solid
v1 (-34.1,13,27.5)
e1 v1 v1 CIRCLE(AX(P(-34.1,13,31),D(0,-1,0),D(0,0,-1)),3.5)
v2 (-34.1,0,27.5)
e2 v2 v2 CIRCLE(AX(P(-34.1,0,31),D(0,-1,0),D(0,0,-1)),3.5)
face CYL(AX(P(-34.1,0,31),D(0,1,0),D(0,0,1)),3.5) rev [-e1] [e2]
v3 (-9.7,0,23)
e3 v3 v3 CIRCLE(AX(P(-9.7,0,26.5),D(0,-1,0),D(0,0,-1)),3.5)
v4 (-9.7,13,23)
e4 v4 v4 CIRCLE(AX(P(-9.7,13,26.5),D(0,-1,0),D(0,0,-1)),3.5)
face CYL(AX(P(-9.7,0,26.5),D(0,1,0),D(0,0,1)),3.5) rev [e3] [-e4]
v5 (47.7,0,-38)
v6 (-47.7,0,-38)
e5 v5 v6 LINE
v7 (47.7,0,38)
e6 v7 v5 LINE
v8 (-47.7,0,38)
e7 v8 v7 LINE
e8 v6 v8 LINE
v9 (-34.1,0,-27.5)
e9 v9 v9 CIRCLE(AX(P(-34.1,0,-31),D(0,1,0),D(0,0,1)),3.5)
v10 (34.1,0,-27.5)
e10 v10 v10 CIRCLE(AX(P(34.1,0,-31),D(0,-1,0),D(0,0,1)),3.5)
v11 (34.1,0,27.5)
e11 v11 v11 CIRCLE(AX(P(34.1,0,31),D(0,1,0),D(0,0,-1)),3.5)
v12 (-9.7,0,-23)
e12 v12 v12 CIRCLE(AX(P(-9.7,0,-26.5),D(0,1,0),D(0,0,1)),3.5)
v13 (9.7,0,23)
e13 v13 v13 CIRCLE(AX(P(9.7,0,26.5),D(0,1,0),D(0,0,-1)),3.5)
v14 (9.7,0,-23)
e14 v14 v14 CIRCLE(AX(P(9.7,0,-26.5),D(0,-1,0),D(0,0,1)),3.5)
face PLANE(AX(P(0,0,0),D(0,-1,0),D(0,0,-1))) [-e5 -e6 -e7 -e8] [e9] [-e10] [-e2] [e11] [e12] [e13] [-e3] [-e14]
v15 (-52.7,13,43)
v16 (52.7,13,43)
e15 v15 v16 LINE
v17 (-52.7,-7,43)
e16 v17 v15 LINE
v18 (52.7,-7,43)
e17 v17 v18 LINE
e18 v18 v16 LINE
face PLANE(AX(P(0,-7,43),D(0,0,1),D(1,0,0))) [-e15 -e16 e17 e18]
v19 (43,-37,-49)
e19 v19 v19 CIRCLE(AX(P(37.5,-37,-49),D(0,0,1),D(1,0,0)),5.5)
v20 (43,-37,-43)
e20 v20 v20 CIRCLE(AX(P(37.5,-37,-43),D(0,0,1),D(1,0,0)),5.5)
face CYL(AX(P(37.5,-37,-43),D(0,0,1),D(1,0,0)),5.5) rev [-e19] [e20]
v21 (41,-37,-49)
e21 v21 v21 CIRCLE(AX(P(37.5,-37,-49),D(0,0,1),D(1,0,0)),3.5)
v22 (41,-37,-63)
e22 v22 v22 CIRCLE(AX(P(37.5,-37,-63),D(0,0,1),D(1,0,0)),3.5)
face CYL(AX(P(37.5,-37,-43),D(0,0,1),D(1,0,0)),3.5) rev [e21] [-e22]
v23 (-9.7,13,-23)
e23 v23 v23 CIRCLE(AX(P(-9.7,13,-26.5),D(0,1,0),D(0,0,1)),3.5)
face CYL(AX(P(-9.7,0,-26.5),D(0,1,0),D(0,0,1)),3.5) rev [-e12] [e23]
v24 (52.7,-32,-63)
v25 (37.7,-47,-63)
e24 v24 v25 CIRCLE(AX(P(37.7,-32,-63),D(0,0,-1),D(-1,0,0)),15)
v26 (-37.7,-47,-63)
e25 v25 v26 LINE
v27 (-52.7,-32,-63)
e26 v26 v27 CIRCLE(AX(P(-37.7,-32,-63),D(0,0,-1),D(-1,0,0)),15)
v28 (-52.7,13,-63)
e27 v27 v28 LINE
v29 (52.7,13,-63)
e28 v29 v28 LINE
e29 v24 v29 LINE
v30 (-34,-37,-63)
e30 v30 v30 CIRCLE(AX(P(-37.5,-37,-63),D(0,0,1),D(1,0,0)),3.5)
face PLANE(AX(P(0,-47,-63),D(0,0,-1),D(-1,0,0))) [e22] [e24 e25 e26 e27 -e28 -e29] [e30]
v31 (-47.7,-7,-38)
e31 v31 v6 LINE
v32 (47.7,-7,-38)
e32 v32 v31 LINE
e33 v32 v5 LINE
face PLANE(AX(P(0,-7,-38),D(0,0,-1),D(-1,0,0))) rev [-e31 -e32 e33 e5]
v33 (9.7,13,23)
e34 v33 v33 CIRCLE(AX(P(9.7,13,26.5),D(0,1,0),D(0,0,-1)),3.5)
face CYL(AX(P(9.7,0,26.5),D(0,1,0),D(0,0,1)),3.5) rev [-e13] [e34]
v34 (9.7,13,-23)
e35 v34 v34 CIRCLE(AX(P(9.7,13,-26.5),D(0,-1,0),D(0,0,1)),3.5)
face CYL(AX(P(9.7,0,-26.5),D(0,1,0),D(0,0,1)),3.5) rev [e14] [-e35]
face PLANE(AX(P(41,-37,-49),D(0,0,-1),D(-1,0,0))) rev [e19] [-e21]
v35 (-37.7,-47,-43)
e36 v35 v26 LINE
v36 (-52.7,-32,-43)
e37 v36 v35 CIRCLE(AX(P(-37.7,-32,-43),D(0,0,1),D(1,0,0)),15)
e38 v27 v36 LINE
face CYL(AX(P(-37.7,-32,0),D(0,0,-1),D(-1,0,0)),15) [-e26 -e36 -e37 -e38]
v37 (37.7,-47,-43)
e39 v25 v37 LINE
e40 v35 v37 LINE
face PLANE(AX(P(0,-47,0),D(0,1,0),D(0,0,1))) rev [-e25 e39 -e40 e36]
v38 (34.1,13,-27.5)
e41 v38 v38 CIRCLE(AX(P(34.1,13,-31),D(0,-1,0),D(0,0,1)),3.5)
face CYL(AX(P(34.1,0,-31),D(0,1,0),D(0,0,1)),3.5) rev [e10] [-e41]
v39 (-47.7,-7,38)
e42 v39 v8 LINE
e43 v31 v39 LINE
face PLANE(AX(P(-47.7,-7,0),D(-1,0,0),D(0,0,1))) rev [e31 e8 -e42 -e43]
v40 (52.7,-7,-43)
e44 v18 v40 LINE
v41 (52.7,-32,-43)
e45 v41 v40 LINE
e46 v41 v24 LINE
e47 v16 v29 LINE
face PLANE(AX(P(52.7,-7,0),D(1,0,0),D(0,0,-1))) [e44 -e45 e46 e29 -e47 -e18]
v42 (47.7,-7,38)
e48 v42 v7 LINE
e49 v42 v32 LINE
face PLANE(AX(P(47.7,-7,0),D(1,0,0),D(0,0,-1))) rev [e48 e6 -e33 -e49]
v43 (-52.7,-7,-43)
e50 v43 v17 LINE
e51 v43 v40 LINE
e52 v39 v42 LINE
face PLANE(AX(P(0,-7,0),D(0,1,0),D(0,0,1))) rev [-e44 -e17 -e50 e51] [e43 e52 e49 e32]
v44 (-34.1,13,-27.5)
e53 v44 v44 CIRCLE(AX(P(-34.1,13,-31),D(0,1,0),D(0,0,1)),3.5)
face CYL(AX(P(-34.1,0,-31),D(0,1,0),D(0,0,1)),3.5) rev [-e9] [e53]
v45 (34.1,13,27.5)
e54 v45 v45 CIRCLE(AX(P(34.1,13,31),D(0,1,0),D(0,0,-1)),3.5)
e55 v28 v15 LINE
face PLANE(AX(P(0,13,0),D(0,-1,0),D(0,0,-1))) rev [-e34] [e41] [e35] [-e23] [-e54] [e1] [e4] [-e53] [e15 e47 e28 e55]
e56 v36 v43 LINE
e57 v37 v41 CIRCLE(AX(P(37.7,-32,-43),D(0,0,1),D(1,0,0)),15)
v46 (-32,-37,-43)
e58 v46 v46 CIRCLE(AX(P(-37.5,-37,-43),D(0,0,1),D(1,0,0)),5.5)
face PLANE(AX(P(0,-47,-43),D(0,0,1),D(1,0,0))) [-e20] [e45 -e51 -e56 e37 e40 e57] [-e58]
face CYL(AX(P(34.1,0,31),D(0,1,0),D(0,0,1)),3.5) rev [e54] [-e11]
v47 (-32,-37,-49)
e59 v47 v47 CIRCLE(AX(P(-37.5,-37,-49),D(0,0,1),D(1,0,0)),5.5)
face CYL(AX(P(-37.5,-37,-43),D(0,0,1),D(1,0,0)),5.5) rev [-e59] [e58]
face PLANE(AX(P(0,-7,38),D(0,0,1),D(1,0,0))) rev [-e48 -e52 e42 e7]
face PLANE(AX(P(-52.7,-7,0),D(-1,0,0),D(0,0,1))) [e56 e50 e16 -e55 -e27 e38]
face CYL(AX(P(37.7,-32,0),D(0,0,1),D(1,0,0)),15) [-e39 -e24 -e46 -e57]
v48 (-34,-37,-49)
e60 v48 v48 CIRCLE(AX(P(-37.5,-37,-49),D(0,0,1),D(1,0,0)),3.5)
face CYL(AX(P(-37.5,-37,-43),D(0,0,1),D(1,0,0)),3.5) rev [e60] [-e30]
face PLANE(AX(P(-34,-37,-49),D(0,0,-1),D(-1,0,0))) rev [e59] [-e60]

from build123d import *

# Parameters (mm, degrees)
SKETCH1_W                                  = 95.4
SKETCH1_H                                  = 76
BOSS_EXTRUDE1_DEPTH                        = 13
SKETCH2_R                                  = 3.5
CUT_EXTRUDE1_DEPTH                         = 14
MIRROR1_AT_THE_SECOND_PLANE_COPY_1_SKETC_R = 3.5
MIRROR1_AT_THE_SECOND_PLANE_COPY_1_DEPTH   = 14
SKETCH3_W                                  = 105.4
SKETCH3_H                                  = 86
SKETCH3_W_2                                = 95.4
SKETCH3_H_2                                = 76
BOSS_EXTRUDE2_DEPTH                        = 20
SKETCH3_4_W                                = 105.4
SKETCH3_4_H                                = 20
BOSS_EXTRUDE3_DEPTH                        = 60
CBORE_FOR_M6_SHCS1_D                       = 7
CBORE_FOR_M6_SHCS1_CBORE_D                 = 11
CBORE_FOR_M6_SHCS1_CBORE_DEPTH             = 6
FILLET1_R                                  = 15


with BuildPart() as part:
    # Sketch1 → Boss-Extrude1 (new body)
    with BuildSketch(Plane(origin=(0, 0, 0), x_dir=(1, 0, 0), z_dir=(0, 1, 0))):
        Rectangle(SKETCH1_W, SKETCH1_H)
    extrude(amount=BOSS_EXTRUDE1_DEPTH)

    # Sketch2 → Cut-Extrude1 (cut, through all)
    with BuildSketch(Plane(origin=(0, 13, 0), x_dir=(1, 0, 0), z_dir=(0, 1, 0))):
        with Locations((-34.1, 31)):
            Circle(SKETCH2_R)
        with Locations((-9.7, 26.5)):
            Circle(SKETCH2_R)
    cut_extrude1 = extrude(amount=-CUT_EXTRUDE1_DEPTH, mode=Mode.SUBTRACT)

    # Mirror1: Cut-Extrude1 across plane
    add(cut_extrude1.mirror(Plane(origin=(0, 0, 0), x_dir=(0, 0, 1), z_dir=(1, 0, 0))), mode=Mode.SUBTRACT)

    # Mirror1 at the second plane: Cut-Extrude1 across plane
    add(cut_extrude1.mirror(Plane.XY), mode=Mode.SUBTRACT)

    # Mirror1 at the second plane copy 1 sketc → Mirror1 at the second plane copy 1 (cut, through all)
    with BuildSketch(Plane(origin=(0, 13, 0), x_dir=(-1, 0, 0), z_dir=(0, 1, 0))):
        with Locations((-34.1, 31)):
            Circle(MIRROR1_AT_THE_SECOND_PLANE_COPY_1_SKETC_R)
        with Locations((-9.7, 26.5)):
            Circle(MIRROR1_AT_THE_SECOND_PLANE_COPY_1_SKETC_R)
    extrude(amount=-MIRROR1_AT_THE_SECOND_PLANE_COPY_1_DEPTH, mode=Mode.SUBTRACT)

    # Sketch3 → Boss-Extrude2 (add)
    with BuildSketch(Plane(origin=(0, 13, 0), x_dir=(1, 0, 0), z_dir=(0, 1, 0))):
        Rectangle(SKETCH3_W, SKETCH3_H)
        Rectangle(SKETCH3_W_2, SKETCH3_H_2, mode=Mode.SUBTRACT)
    extrude(amount=-BOSS_EXTRUDE2_DEPTH)

    # Sketch3<4> → Boss-Extrude3 (add)
    with BuildSketch(Plane(origin=(0, 13, 0), x_dir=(1, 0, 0), z_dir=(0, 1, 0))):
        with Locations((0, 53)):
            Rectangle(SKETCH3_4_W, SKETCH3_4_H)
    extrude(amount=-BOSS_EXTRUDE3_DEPTH)

    # CBORE for M6 SHCS1 (through all)
    with Locations(Plane(origin=(37.5, -37, -43), x_dir=(1, 0, 0), z_dir=(0, 0, 1))):
        with Locations((0, 0), (-75, 0)):
            CounterBoreHole(CBORE_FOR_M6_SHCS1_D / 2, CBORE_FOR_M6_SHCS1_CBORE_D / 2, CBORE_FOR_M6_SHCS1_CBORE_DEPTH)

    # Fillet1
    fillet1_edges = [part.edges().sort_by_distance(p)[0] for p in [
        (-52.7, -47, -53),
        (52.7, -47, -53),
    ]]
    fillet(fillet1_edges, radius=FILLET1_R)


solid = part.part
